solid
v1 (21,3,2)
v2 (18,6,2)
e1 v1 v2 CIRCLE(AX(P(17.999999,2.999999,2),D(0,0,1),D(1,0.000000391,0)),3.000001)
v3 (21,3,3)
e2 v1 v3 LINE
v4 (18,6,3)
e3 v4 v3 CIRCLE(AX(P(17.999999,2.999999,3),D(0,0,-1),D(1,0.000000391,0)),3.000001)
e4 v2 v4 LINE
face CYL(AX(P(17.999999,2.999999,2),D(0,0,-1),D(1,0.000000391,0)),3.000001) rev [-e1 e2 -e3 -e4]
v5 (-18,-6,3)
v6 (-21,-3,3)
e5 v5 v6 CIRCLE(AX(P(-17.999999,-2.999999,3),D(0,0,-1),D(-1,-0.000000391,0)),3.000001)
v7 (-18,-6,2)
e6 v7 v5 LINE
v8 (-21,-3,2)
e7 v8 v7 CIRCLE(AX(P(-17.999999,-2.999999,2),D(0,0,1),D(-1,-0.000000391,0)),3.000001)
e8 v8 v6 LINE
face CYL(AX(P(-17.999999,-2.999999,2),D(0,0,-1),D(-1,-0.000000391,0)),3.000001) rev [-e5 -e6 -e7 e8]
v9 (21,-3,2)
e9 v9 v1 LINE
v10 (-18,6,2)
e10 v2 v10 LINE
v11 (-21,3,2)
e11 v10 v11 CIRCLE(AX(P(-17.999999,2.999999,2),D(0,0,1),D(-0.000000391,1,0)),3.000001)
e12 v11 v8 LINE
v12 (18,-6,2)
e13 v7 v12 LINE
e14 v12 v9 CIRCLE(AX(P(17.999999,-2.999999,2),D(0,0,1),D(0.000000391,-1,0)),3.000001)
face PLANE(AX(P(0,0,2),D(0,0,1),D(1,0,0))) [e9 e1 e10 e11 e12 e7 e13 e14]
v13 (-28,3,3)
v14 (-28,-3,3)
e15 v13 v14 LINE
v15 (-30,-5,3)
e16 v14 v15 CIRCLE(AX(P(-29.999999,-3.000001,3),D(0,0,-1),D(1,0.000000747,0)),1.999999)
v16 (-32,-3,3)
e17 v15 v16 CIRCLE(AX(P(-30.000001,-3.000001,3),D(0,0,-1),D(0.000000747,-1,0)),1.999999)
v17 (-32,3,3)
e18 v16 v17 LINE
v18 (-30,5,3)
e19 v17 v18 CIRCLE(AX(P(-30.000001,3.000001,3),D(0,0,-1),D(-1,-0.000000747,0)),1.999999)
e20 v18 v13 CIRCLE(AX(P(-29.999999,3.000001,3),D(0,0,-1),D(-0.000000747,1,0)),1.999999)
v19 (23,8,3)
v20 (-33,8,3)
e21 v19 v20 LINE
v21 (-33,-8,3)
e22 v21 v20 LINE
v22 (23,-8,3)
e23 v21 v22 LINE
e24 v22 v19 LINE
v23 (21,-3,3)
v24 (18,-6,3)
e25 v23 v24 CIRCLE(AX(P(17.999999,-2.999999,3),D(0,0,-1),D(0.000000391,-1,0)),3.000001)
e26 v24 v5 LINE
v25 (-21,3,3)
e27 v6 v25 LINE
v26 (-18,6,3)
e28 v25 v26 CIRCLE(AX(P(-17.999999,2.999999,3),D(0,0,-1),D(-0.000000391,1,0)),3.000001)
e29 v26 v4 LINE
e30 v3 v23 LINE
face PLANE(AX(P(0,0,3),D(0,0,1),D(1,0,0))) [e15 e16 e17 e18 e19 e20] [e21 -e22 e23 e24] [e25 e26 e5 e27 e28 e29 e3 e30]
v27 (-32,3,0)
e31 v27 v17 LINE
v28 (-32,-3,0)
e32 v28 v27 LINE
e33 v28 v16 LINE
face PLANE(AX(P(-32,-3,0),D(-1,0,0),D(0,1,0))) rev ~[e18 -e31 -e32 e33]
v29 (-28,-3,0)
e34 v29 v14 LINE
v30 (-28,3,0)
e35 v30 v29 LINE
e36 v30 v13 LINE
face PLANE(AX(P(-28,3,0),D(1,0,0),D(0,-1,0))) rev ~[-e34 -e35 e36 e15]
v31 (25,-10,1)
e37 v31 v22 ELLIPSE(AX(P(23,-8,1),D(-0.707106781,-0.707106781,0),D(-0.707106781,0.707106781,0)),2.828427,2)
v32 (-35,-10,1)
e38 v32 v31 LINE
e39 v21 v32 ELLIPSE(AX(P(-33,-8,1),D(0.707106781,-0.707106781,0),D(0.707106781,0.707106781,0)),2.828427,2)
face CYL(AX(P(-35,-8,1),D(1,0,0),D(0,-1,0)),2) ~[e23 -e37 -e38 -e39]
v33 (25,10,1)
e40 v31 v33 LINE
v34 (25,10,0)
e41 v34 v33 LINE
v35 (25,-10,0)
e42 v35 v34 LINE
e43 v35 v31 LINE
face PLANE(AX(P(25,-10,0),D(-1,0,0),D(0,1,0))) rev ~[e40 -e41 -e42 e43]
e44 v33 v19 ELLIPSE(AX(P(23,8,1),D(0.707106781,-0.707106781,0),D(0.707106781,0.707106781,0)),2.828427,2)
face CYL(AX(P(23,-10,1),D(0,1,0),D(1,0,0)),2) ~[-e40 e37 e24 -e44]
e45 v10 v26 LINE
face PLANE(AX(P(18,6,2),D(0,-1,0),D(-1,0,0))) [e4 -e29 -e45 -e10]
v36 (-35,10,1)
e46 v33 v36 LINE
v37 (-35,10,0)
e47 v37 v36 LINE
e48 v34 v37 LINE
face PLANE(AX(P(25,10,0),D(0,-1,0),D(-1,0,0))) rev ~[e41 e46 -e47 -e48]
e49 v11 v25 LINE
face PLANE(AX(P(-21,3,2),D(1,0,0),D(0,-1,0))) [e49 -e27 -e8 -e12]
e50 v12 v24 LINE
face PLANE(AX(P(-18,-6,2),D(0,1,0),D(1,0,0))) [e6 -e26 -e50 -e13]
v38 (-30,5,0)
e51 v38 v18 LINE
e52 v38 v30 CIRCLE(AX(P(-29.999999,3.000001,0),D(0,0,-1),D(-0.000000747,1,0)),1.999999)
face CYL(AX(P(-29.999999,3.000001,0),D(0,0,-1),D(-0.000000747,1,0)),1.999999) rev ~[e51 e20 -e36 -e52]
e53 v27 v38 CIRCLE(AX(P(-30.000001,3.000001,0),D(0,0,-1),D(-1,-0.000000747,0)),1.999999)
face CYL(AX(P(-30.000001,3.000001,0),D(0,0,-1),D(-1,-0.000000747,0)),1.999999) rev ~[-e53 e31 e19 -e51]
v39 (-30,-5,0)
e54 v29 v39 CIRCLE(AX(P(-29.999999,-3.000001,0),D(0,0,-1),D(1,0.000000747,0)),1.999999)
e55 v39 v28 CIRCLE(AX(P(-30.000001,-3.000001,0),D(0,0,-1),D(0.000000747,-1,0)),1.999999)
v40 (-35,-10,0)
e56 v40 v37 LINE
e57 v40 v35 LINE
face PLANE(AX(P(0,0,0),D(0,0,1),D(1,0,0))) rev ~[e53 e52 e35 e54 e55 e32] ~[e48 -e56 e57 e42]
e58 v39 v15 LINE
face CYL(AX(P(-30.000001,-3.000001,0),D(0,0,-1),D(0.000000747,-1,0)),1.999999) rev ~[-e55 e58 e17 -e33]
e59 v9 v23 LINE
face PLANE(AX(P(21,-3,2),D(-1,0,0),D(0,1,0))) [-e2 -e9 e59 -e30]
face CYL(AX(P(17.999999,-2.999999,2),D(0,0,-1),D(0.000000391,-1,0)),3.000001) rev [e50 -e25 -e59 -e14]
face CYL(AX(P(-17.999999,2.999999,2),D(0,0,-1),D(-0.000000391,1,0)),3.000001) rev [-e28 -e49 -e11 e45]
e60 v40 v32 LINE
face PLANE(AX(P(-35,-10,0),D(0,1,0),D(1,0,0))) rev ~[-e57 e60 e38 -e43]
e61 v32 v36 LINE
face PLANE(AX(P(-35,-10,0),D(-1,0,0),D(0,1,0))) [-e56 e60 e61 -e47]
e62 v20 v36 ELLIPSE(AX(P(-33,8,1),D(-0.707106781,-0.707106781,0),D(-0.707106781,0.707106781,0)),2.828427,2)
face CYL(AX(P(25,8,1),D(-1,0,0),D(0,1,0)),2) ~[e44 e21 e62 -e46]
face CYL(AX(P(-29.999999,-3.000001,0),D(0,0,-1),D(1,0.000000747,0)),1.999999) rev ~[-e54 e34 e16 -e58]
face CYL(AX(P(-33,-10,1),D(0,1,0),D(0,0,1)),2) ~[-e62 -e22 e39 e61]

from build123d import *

# Parameters (mm, degrees)
F0_W     = 50
F0_H     = 20
F0_W_2   = 10
F1_DEPTH = 3
F3_DEPTH = 3
F6_R     = 2


with BuildPart() as f1:
    # F0 (on Top) → F1 (new body)
    with BuildSketch(Plane.XY):
        Rectangle(F0_W, F0_H)
        with Locations((-30, 0)):
            Rectangle(F0_W_2, F0_H)
        with BuildLine():
            ThreePointArc((-30, 5), (-28.585786, 4.414214), (-28, 3))
            Line((-28, 3), (-28, -3))
            ThreePointArc((-28, -3), (-28.585786, -4.414214), (-30, -5))
            ThreePointArc((-30, -5), (-31.414214, -4.414214), (-32, -3))
            Line((-32, -3), (-32, 3))
            ThreePointArc((-32, 3), (-31.414214, 4.414214), (-30, 5))
        make_face(mode=Mode.SUBTRACT)
    extrude(amount=F1_DEPTH)


with BuildPart() as f3:
    # F2 (on Top) → F3 (new body)
    with BuildSketch(Plane.XY):
        with BuildLine():
            Line((-18, -6), (18, -6))
            ThreePointArc((18, -6), (20.12132, -5.12132), (21, -3))
            Line((21, -3), (21, 3))
            ThreePointArc((21, 3), (20.12132, 5.12132), (18, 6))
            Line((18, 6), (-18, 6))
            ThreePointArc((-18, 6), (-20.12132, 5.12132), (-21, 3))
            Line((-21, 3), (-21, -3))
            ThreePointArc((-21, -3), (-20.12132, -5.12132), (-18, -6))
        make_face()
    extrude(amount=F3_DEPTH)


with BuildPart() as f3_1:
    # F4: moved
    add(f3.part.moved(Location((0, 0, 2))))


with BuildPart() as f1_1:
    add(f1.part)

    # F5: cut F3
    add(f3_1.part, mode=Mode.SUBTRACT)

    # F6
    f6_edges = [f1_1.edges().sort_by_distance(p)[0] for p in [
        (-35, 0, 3),
        (25, 0, 3),
        (-5, 10, 3),
        (-5, -10, 3),
    ]]
    fillet(f6_edges, radius=F6_R)


solid = f1_1.part
